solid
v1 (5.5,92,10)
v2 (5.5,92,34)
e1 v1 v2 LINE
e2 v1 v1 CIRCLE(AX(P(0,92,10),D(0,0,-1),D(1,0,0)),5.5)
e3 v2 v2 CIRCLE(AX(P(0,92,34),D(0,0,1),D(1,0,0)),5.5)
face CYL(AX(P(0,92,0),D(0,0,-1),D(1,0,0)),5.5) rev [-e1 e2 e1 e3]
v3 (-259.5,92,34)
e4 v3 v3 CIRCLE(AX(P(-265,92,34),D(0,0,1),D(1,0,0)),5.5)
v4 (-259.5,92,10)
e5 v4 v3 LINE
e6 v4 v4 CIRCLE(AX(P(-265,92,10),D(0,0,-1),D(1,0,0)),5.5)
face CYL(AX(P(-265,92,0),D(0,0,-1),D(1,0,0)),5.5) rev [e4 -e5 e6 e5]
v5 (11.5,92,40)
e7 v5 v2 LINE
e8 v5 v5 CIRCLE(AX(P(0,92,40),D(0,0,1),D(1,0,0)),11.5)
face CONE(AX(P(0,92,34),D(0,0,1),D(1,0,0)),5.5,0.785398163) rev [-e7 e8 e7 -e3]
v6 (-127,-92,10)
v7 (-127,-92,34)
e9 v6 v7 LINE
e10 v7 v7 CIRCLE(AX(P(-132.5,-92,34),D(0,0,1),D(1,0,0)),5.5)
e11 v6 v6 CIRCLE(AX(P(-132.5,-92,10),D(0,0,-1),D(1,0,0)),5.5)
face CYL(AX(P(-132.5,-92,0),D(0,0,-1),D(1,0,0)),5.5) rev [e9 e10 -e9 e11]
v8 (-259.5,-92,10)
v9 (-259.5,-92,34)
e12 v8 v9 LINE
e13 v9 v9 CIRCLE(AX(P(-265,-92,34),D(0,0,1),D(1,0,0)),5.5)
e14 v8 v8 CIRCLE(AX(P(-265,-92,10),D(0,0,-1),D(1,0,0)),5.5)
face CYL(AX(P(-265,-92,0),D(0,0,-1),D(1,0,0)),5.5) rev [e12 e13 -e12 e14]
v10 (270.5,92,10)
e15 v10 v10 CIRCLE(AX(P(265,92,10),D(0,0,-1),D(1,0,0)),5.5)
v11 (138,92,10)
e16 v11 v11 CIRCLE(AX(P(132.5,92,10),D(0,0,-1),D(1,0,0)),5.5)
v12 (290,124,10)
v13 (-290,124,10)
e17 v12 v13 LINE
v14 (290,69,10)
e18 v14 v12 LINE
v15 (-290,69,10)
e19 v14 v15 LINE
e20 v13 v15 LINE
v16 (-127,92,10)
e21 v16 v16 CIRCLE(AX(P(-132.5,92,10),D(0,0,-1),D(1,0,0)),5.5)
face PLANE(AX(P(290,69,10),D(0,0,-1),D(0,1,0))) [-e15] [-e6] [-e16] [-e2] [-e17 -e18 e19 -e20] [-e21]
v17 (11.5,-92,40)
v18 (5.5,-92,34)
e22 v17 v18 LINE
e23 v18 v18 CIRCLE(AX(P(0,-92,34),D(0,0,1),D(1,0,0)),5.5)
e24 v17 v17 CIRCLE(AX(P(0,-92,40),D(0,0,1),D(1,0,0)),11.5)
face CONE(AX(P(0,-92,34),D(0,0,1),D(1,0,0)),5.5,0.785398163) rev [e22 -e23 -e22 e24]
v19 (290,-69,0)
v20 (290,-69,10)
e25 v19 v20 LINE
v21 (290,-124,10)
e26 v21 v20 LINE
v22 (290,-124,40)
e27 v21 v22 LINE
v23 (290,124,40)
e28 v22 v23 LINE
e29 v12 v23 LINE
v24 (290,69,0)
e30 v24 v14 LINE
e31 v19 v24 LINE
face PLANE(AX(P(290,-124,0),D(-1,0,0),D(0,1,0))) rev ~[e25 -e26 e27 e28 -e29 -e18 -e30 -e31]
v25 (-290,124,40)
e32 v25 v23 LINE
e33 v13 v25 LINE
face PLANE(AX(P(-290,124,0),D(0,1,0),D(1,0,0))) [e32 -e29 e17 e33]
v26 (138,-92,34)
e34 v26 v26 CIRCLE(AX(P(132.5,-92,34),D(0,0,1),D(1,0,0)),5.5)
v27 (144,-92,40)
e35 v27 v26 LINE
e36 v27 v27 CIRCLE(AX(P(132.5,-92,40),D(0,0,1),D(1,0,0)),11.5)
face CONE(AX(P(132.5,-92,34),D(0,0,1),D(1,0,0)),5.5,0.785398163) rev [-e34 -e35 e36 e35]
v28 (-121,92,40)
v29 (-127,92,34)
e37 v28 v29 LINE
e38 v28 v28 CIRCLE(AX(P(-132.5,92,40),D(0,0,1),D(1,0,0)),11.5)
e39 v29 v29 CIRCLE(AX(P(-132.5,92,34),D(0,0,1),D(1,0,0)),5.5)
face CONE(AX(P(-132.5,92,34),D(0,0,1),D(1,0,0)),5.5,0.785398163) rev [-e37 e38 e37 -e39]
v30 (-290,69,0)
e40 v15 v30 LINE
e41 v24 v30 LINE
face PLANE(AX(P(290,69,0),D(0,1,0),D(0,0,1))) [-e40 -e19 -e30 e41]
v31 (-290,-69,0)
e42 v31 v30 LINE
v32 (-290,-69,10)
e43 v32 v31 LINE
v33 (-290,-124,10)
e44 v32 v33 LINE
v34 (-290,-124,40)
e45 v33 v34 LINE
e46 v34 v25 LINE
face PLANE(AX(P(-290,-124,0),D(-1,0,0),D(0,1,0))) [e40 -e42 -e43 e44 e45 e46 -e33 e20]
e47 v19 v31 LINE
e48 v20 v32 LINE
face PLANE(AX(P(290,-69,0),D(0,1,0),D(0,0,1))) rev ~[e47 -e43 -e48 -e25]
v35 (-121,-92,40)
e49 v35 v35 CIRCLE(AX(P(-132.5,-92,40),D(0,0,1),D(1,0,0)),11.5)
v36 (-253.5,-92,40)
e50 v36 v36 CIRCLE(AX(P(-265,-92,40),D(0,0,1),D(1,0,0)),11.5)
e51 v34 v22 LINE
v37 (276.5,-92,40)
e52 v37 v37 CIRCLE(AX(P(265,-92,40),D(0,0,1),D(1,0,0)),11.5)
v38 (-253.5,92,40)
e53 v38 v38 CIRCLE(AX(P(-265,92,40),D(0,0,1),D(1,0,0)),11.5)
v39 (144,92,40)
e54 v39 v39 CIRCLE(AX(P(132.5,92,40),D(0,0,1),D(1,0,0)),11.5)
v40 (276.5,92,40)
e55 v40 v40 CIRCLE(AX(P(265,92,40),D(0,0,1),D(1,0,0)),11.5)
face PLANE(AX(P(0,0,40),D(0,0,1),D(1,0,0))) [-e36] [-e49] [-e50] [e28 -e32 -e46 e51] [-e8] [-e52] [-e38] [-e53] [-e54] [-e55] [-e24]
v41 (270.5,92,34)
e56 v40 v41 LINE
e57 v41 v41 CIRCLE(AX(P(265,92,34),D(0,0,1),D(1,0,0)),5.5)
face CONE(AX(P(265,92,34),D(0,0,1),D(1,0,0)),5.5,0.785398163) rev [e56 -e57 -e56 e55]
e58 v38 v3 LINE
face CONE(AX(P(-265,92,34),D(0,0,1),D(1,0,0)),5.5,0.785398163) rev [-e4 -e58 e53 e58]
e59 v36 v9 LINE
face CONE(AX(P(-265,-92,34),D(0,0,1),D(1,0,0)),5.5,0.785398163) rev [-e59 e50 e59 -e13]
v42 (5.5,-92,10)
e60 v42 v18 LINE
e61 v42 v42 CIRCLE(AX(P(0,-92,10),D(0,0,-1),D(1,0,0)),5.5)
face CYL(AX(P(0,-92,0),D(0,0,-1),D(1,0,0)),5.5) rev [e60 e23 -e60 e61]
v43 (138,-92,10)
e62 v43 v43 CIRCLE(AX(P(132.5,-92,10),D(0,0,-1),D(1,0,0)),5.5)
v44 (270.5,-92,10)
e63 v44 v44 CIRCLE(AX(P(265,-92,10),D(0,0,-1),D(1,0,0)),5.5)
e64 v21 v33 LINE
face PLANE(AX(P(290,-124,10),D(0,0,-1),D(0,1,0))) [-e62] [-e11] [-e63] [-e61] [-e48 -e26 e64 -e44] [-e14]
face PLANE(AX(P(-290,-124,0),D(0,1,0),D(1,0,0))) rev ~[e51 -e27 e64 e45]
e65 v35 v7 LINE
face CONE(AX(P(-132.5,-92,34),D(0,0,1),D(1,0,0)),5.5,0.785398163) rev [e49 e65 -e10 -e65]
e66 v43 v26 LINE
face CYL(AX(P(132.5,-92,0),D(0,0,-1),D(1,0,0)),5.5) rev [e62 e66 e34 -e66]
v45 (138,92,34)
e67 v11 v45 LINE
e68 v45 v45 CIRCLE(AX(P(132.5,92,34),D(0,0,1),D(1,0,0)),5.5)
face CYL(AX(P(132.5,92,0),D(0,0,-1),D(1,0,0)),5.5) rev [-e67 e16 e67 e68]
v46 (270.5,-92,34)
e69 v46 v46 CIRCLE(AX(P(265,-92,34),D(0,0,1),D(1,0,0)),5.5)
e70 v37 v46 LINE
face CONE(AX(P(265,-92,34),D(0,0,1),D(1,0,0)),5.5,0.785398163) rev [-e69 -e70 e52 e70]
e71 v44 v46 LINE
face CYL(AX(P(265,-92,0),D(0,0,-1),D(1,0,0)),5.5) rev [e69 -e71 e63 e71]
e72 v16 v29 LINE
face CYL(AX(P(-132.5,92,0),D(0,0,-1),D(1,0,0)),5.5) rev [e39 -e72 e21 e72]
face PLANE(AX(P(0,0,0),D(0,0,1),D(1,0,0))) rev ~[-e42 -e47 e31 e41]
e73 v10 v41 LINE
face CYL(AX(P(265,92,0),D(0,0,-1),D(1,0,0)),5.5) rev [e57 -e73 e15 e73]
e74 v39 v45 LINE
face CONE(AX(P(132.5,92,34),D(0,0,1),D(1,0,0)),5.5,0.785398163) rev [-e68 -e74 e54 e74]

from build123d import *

# Parameters (mm, degrees)
F0_W     = 580
F0_H     = 248
F0_R     = 5.5
F1_DEPTH = 40
F2_W     = 55
F2_H     = 10
F3_DEPTH = 580.001
F4_SIZE2 = 6
F4_SIZE  = 6


with BuildPart() as f1:
    # F0 (on Top) → F1 (new body)
    with BuildSketch(Plane.XY):
        Rectangle(F0_W, F0_H)
        with Locations((-265, -92)):
            Circle(F0_R, mode=Mode.SUBTRACT)
        with Locations((-132.5, -92)):
            Circle(F0_R, mode=Mode.SUBTRACT)
        with Locations((0, -92)):
            Circle(F0_R, mode=Mode.SUBTRACT)
        with Locations((132.5, -92)):
            Circle(F0_R, mode=Mode.SUBTRACT)
        with Locations((265, -92)):
            Circle(F0_R, mode=Mode.SUBTRACT)
        with Locations((-265, 92)):
            Circle(F0_R, mode=Mode.SUBTRACT)
        with Locations((-132.5, 92)):
            Circle(F0_R, mode=Mode.SUBTRACT)
        with Locations((0, 92)):
            Circle(F0_R, mode=Mode.SUBTRACT)
        with Locations((132.5, 92)):
            Circle(F0_R, mode=Mode.SUBTRACT)
        with Locations((265, 92)):
            Circle(F0_R, mode=Mode.SUBTRACT)
    extrude(amount=F1_DEPTH)

    # F2 (on face) → F3 (cut, through all)
    with BuildSketch(Plane.YZ.offset(290)):
        with Locations((96.5, 5)):
            Rectangle(F2_W, F2_H)
        with Locations((-96.5, 5)):
            Rectangle(F2_W, F2_H)
    extrude(amount=-F3_DEPTH, mode=Mode.SUBTRACT)

    # F4
    f4_edges = [f1.edges().sort_by_distance(p)[0] for p in [
        (259.5, 92, 40),
        (127, 92, 40),
        (259.5, -92, 40),
        (127, -92, 40),
        (-5.5, -92, 40),
        (-5.5, 92, 40),
        (-138, -92, 40),
        (-138, 92, 40),
        (-270.5, 92, 40),
        (-270.5, -92, 40),
    ]]
    chamfer(f4_edges, length=F4_SIZE, length2=F4_SIZE2)


solid = f1.part
